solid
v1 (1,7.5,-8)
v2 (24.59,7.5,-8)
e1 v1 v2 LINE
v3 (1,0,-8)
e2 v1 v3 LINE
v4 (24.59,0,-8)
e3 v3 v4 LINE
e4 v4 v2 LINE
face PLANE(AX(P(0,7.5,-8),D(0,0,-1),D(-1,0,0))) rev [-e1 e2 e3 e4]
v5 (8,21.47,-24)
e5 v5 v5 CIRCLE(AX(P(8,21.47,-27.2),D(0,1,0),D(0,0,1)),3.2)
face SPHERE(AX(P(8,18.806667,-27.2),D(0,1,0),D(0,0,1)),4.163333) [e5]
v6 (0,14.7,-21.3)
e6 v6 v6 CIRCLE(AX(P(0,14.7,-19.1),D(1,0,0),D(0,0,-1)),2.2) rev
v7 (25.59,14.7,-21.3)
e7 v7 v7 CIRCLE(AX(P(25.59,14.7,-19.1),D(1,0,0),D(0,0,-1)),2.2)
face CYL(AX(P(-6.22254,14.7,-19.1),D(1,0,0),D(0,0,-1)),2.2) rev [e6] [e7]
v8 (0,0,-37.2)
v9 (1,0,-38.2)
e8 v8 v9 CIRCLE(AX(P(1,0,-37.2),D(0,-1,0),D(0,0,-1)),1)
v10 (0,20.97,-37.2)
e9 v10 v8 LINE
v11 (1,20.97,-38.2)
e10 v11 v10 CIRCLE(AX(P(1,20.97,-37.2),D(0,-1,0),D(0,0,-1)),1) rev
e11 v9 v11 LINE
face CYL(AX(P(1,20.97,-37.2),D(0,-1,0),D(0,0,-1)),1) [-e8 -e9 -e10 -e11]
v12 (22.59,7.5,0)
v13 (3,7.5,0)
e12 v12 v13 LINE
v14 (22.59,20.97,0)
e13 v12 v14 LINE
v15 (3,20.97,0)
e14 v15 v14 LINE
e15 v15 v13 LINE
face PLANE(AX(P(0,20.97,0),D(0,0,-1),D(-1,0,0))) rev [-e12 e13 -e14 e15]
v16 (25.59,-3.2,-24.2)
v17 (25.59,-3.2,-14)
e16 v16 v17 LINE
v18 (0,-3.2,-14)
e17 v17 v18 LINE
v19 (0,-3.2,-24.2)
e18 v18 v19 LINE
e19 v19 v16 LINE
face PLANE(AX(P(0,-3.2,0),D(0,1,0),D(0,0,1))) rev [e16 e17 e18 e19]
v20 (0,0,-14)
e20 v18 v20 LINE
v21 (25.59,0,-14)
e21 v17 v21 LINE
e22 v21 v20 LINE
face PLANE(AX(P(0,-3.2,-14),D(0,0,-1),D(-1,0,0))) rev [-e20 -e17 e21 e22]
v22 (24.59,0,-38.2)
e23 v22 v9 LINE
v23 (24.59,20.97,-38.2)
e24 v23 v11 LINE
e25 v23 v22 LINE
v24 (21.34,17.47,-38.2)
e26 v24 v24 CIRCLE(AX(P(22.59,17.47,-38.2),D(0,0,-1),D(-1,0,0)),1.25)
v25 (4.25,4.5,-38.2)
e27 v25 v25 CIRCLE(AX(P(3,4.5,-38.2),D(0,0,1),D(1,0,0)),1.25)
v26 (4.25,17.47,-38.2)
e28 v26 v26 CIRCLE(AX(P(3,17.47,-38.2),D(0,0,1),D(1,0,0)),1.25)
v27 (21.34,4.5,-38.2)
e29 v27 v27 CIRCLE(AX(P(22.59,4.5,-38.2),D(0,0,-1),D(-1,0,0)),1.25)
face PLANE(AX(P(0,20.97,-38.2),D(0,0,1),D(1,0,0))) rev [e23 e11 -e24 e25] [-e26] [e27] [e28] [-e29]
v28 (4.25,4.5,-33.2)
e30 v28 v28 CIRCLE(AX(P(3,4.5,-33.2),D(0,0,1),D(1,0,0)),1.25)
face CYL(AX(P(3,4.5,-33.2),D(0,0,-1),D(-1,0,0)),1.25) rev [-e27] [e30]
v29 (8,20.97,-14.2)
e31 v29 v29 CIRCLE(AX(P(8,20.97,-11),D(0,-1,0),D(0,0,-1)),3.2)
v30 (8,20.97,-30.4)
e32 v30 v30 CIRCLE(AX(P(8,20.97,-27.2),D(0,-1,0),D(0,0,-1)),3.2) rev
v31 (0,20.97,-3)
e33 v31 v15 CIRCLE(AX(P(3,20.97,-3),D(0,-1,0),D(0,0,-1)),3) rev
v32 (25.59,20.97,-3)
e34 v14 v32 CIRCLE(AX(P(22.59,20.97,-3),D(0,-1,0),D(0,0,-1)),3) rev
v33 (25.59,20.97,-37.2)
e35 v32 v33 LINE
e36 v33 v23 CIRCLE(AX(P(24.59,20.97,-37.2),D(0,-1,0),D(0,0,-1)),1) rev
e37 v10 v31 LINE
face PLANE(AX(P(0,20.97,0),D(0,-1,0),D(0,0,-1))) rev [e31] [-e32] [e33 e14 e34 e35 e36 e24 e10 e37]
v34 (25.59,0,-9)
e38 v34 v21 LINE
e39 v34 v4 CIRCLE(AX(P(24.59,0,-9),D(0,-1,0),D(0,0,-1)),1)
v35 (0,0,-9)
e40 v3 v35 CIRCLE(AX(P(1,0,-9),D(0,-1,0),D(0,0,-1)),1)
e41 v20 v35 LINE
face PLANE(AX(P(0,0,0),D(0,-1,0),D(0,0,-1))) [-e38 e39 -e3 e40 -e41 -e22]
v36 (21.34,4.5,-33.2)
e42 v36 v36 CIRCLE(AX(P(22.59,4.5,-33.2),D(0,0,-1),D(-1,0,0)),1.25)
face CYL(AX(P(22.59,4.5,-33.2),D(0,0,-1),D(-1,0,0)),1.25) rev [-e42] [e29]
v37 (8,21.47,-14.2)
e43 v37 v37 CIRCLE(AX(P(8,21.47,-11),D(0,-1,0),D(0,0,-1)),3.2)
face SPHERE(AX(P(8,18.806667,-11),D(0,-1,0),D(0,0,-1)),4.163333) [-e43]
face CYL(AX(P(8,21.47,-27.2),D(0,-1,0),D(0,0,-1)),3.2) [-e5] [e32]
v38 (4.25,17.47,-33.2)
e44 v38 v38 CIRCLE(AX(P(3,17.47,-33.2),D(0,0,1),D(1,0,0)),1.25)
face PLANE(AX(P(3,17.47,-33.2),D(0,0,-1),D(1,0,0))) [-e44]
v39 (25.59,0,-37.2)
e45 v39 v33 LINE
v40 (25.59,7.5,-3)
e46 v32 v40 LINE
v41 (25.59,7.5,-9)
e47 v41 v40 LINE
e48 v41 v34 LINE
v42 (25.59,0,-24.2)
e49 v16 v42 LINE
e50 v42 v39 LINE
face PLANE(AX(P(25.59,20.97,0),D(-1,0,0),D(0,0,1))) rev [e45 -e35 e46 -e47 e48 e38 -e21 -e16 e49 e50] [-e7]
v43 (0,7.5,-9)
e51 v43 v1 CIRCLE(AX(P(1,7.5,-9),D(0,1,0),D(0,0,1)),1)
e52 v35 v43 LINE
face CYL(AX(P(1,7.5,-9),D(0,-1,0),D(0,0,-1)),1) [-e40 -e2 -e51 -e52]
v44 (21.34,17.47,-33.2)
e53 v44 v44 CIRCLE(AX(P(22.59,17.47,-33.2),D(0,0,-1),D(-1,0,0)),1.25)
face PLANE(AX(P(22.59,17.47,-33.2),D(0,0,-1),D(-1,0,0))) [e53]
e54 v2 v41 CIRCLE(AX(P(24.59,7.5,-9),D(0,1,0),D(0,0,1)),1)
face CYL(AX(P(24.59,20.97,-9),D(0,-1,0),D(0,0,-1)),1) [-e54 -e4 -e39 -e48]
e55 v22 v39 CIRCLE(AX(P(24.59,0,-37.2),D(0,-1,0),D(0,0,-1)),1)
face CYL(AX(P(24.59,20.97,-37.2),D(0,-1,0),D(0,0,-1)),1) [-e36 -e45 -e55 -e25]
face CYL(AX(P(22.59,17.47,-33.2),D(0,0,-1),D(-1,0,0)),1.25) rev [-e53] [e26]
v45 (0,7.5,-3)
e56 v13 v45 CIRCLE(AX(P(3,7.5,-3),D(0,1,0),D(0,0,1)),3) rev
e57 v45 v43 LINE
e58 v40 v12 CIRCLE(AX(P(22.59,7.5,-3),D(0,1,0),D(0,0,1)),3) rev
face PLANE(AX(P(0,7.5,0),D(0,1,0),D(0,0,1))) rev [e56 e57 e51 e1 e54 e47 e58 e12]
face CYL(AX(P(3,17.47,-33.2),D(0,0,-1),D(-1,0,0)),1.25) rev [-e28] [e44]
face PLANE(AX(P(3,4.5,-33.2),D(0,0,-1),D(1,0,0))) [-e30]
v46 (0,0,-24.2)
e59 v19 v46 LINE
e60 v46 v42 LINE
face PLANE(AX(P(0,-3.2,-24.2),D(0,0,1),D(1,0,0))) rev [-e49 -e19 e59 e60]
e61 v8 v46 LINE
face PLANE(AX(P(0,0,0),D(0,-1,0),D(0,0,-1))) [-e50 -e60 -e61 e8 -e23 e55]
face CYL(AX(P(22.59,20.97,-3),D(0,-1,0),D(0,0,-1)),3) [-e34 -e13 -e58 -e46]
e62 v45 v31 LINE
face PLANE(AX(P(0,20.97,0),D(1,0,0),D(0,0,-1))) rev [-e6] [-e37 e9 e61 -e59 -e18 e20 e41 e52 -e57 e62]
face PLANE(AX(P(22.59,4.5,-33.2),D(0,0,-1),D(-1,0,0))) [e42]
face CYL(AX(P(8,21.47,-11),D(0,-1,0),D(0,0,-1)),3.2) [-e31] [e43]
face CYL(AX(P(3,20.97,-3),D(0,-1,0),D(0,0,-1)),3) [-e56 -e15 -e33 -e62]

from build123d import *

# Parameters (mm, degrees)
SKETCH1_W           = 25.59
SKETCH1_H           = 38.2
BOSS_EXTRUDE1_DEPTH = 20.97
SKETCH2_W           = 25.59
SKETCH2_H           = 10.2
BOSS_EXTRUDE2_DEPTH = 3.2
SKETCH3_R           = 2.2
CUT_EXTRUDE1_DEPTH  = 25.59
SKETCH4_R           = 1.25
CUT_EXTRUDE2_DEPTH  = 5
FILLET1_R           = 1
FILLET2_R           = 1
FILLET3_R           = 3
SKETCH5_W           = 25.59
SKETCH5_H           = 8
CUT_EXTRUDE3_DEPTH  = 7.5
FILLET4_R           = 1
SKETCH6_R           = 3.2
BOSS_EXTRUDE4_DEPTH = 0.5
DOME1_FACE_RADIUS   = 3.2
DOME1_HEIGHT        = 1.5
DOME2_FACE_RADIUS   = 3.2
DOME2_HEIGHT        = 1.5


with BuildPart() as part:
    # Sketch1 → Boss-Extrude1 (new body)
    with BuildSketch(Plane(origin=(0, 0, 0), x_dir=(1, 0, 0), z_dir=(0, 1, 0))):
        with Locations((12.795, 19.1)):
            Rectangle(SKETCH1_W, SKETCH1_H)
    extrude(amount=BOSS_EXTRUDE1_DEPTH)

    # Sketch2 → Boss-Extrude2 (add)
    with BuildSketch(Plane.XZ):
        with Locations((12.795, -19.1)):
            Rectangle(SKETCH2_W, SKETCH2_H)
    extrude(amount=BOSS_EXTRUDE2_DEPTH)

    # Sketch3 → Cut-Extrude1 (cut)
    with BuildSketch(Plane(origin=(25.59, 0, 0), x_dir=(0, 0, -1), z_dir=(1, 0, 0))):
        with Locations((19.1, 14.7)):
            Circle(SKETCH3_R)
    extrude(amount=-CUT_EXTRUDE1_DEPTH, mode=Mode.SUBTRACT)

    # Sketch4 → Cut-Extrude2 (cut)
    with BuildSketch(Plane(origin=(0, 0, -38.2), x_dir=(-1, 0, 0), z_dir=(0, 0, -1))):
        with Locations((-22.59, 17.47)):
            Circle(SKETCH4_R)
        with Locations((-22.59, 4.5)):
            Circle(SKETCH4_R)
    cut_extrude2 = extrude(amount=-CUT_EXTRUDE2_DEPTH, mode=Mode.SUBTRACT)

    # Fillet1
    fillet1_edges = [part.edges().sort_by_distance(p)[0] for p in [
        (25.59, 10.485, -38.2),
    ]]
    fillet(fillet1_edges, radius=FILLET1_R)

    # Fillet2
    fillet2_edges = [part.edges().sort_by_distance(p)[0] for p in [
        (0, 10.485, -38.2),
    ]]
    fillet(fillet2_edges, radius=FILLET2_R)

    # Fillet3
    fillet3_edges = [part.edges().sort_by_distance(p)[0] for p in [
        (25.59, 10.485, 0),
        (0, 10.485, 0),
    ]]
    fillet(fillet3_edges, radius=FILLET3_R)

    # Sketch5 → Cut-Extrude3 (cut)
    with BuildSketch(Plane.XZ):
        with Locations((12.795, -4)):
            Rectangle(SKETCH5_W, SKETCH5_H)
    extrude(amount=-CUT_EXTRUDE3_DEPTH, mode=Mode.SUBTRACT)

    # Fillet4
    fillet4_edges = [part.edges().sort_by_distance(p)[0] for p in [
        (0, 3.75, -8),
        (25.59, 3.75, -8),
    ]]
    fillet(fillet4_edges, radius=FILLET4_R)

    # Sketch6 → Boss-Extrude4 (add)
    with BuildSketch(Plane(origin=(0, 20.97, 0), x_dir=(1, 0, 0), z_dir=(0, 1, 0))):
        with Locations((8, 27.2)):
            Circle(SKETCH6_R)
    boss_extrude4 = extrude(amount=BOSS_EXTRUDE4_DEPTH)

    # Mirror3: Boss-Extrude4 across plane
    add(boss_extrude4.mirror(Plane(origin=(0, 0, -19.1), x_dir=(1, 0, 0), z_dir=(0, 0, -1))))

    # Dome1: a dome of height H over a round flat face of radius A is a cap of a sphere of radius (A * A + H * H) / (2 * H)
    dome1_r = (DOME1_FACE_RADIUS * DOME1_FACE_RADIUS + DOME1_HEIGHT * DOME1_HEIGHT) / (2 * DOME1_HEIGHT)
    dome1_base = Plane((8, 21.47, -11), z_dir=(0, 1, 0))
    with Locations(dome1_base.offset(DOME1_HEIGHT - dome1_r)):
        dome1_ball = Sphere(dome1_r, mode=Mode.PRIVATE)
    add(split(dome1_ball, bisect_by=dome1_base, keep=Keep.TOP, mode=Mode.PRIVATE))

    # Dome2: a dome of height H over a round flat face of radius A is a cap of a sphere of radius (A * A + H * H) / (2 * H)
    dome2_r = (DOME2_FACE_RADIUS * DOME2_FACE_RADIUS + DOME2_HEIGHT * DOME2_HEIGHT) / (2 * DOME2_HEIGHT)
    dome2_base = Plane((8, 21.47, -27.2), z_dir=(0, 1, 0))
    with Locations(dome2_base.offset(DOME2_HEIGHT - dome2_r)):
        dome2_ball = Sphere(dome2_r, mode=Mode.PRIVATE)
    add(split(dome2_ball, bisect_by=dome2_base, keep=Keep.TOP, mode=Mode.PRIVATE))

    # Mirror4: Cut-Extrude2 across plane
    add(cut_extrude2.mirror(Plane(origin=(12.795, 0, 0), x_dir=(0, 0, 1), z_dir=(1, 0, 0))), mode=Mode.SUBTRACT)


solid = part.part
